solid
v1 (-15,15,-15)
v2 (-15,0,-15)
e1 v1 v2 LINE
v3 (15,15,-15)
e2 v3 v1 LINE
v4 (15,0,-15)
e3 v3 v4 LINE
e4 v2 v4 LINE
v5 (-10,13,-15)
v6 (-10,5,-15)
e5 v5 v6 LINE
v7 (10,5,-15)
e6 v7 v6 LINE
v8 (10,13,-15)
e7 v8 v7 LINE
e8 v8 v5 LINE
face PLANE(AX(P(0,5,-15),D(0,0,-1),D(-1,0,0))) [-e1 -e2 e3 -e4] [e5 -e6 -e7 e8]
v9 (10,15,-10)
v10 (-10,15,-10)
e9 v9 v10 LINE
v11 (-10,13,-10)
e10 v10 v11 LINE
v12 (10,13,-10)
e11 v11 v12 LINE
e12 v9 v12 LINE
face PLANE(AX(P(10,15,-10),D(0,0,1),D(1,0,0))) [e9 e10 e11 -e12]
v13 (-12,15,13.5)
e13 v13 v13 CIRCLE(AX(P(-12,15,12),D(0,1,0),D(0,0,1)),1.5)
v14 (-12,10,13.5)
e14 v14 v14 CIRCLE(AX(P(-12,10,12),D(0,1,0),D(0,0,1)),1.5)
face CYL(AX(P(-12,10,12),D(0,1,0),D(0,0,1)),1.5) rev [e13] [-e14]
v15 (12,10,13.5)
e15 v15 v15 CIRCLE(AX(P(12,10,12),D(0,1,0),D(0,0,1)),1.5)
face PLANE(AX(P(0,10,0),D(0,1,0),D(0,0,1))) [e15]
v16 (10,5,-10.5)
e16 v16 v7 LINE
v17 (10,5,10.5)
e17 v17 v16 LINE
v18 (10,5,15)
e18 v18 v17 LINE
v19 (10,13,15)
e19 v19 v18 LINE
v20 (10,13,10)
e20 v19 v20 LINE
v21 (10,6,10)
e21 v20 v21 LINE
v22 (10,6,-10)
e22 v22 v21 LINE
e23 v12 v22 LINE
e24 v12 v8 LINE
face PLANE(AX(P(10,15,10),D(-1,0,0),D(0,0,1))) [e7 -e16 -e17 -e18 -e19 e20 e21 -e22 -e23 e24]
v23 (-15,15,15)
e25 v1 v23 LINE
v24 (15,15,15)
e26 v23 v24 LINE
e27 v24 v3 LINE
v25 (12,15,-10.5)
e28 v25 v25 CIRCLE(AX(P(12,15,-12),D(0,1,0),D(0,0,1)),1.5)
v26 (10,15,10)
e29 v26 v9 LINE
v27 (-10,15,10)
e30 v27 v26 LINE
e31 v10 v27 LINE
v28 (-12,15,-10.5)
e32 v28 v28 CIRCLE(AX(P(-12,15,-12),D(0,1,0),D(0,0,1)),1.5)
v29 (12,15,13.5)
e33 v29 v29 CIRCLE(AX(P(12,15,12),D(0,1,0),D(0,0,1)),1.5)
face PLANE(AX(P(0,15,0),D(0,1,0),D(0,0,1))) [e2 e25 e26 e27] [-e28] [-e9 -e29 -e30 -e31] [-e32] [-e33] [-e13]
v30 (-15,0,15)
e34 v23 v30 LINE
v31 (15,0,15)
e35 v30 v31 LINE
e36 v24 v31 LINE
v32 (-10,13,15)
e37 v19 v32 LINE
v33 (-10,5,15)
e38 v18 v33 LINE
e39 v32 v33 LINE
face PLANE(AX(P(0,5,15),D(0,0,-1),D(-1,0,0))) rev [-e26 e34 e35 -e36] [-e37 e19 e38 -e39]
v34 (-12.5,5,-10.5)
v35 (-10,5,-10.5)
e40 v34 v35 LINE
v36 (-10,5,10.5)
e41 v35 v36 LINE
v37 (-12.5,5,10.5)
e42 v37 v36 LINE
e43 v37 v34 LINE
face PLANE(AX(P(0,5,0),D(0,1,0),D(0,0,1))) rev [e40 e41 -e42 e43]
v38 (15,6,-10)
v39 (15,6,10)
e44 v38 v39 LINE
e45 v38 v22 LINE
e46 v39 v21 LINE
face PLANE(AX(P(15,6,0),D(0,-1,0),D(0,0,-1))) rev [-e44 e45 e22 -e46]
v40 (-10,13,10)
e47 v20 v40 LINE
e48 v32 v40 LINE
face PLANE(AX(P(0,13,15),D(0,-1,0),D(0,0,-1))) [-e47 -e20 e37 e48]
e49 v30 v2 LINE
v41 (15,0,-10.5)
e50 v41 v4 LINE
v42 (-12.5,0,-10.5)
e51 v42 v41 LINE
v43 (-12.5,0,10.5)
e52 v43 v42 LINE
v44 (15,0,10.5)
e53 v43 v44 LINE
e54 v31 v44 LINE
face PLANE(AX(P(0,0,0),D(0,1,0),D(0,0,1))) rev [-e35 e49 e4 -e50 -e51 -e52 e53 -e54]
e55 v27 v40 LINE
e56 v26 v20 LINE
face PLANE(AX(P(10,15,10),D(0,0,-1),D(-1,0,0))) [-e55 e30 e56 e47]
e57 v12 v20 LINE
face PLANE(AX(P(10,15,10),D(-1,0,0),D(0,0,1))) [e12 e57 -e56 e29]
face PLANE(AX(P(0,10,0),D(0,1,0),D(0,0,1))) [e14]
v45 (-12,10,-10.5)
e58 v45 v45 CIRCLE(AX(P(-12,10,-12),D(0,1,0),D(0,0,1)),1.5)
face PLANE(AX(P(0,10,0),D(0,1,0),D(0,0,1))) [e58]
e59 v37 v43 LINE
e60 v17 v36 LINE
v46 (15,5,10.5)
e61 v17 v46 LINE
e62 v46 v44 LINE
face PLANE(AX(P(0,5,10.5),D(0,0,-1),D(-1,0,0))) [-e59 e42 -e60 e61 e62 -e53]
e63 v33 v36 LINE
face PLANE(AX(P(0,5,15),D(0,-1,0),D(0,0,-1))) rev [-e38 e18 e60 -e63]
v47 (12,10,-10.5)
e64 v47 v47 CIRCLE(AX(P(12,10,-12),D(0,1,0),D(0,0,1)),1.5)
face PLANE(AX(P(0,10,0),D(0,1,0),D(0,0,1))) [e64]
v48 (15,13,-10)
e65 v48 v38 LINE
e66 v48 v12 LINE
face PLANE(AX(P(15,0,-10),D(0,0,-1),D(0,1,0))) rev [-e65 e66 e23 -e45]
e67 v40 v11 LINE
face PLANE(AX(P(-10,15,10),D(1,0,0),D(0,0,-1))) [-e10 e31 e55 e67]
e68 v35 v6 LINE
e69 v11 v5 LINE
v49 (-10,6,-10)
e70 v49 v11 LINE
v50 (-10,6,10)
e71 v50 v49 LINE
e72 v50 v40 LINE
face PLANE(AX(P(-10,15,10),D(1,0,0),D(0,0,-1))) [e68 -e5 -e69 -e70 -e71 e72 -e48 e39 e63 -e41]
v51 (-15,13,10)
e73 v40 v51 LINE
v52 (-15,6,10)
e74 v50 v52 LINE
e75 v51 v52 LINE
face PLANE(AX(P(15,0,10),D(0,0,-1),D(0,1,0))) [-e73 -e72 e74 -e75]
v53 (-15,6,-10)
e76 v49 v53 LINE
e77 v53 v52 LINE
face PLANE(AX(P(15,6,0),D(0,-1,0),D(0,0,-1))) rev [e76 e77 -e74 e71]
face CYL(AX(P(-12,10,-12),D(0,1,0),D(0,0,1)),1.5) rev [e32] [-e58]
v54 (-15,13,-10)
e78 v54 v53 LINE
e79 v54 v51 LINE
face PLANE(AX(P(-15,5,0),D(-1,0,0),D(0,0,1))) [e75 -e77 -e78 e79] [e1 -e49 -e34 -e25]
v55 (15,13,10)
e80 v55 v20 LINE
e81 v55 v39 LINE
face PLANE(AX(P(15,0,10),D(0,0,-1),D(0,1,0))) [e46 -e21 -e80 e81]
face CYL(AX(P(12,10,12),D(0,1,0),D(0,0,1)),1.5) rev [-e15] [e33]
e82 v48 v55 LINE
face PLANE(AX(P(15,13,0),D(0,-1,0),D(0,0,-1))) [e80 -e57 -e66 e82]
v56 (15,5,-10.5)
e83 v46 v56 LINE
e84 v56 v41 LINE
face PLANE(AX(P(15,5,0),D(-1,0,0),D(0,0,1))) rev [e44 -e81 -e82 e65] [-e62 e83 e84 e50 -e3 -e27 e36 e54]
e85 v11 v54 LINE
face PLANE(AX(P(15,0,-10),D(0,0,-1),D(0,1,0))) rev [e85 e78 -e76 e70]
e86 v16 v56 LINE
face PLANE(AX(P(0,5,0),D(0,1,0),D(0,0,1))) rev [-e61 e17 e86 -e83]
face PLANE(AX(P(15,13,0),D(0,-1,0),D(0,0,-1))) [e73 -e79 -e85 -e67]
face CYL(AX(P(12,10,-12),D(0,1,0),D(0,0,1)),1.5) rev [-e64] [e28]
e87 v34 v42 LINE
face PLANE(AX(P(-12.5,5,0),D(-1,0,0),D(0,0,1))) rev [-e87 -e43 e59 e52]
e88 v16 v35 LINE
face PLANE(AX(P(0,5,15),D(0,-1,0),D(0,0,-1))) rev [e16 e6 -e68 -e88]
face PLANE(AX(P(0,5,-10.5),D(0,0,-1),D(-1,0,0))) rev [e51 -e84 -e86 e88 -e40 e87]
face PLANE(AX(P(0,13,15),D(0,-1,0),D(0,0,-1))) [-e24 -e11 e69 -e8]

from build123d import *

# Parameters (mm, degrees)
BOSS_EXTRUDE3_DEPTH     = 5
SKETCH2_W               = 30
SKETCH2_H               = 30
SKETCH2_W_2             = 20
SKETCH2_H_2             = 20
BOSS_EXTRUDE4_DEPTH     = 10
SKETCH3_R               = 1.5
CUT_EXTRUDE1_DEPTH      = 5
CUT_EXTRUDE2_DEPTH      = 37.742346142
CUT_EXTRUDE2_DEPTH_BACK = 37.742346142
SKETCH4_W               = 20
SKETCH4_H               = 8
CUT_EXTRUDE3_DEPTH      = 37.742346142
CUT_EXTRUDE3_DEPTH_BACK = 37.742346142
SKETCH5_W               = 20
SKETCH5_H               = 7


with BuildPart() as part:
    # Sketch1 → Boss-Extrude3 (new body)
    with BuildSketch(Plane(origin=(0, 0, 0), x_dir=(1, 0, 0), z_dir=(0, 1, 0))):
        Polygon((-15, 15), (-15, -15), (15, -15), (15, -10.5), (12.5, -10.5), (-12.5, -10.5), (-12.5, 10.5), (12.5, 10.5), (15, 10.5), (15, 15), align=None)
    extrude(amount=BOSS_EXTRUDE3_DEPTH)

    # Sketch2 → Boss-Extrude4 (add)
    with BuildSketch(Plane(origin=(0, 5, 0), x_dir=(1, 0, 0), z_dir=(0, 1, 0))):
        Rectangle(SKETCH2_W, SKETCH2_H)
        Rectangle(SKETCH2_W_2, SKETCH2_H_2, mode=Mode.SUBTRACT)
    extrude(amount=BOSS_EXTRUDE4_DEPTH)

    # Sketch3 → Cut-Extrude1 (cut)
    with BuildSketch(Plane(origin=(0, 15, 0), x_dir=(1, 0, 0), z_dir=(0, 1, 0))):
        with Locations((-12, 12)):
            Circle(SKETCH3_R)
        with Locations((12, 12)):
            Circle(SKETCH3_R)
        with Locations((12, -12)):
            Circle(SKETCH3_R)
        with Locations((-12, -12)):
            Circle(SKETCH3_R)
    extrude(amount=-CUT_EXTRUDE1_DEPTH, mode=Mode.SUBTRACT)

    # Sketch4 → Cut-Extrude2 (cut, two sides: drawn at the far end of the back side and taken through both)
    with BuildSketch(Plane(origin=(0, 0, -15), x_dir=(-1, 0, 0), z_dir=(0, 0, -1)).offset(-CUT_EXTRUDE2_DEPTH_BACK)):
        with Locations((0, 9)):
            Rectangle(SKETCH4_W, SKETCH4_H)
    extrude(amount=CUT_EXTRUDE2_DEPTH + CUT_EXTRUDE2_DEPTH_BACK, mode=Mode.SUBTRACT)

    # Sketch5 → Cut-Extrude3 (cut, two sides: drawn at the far end of the back side and taken through both)
    with BuildSketch(Plane.ZY.offset(15).offset(-CUT_EXTRUDE3_DEPTH_BACK)):
        with Locations((0, 9.5)):
            Rectangle(SKETCH5_W, SKETCH5_H)
    extrude(amount=CUT_EXTRUDE3_DEPTH + CUT_EXTRUDE3_DEPTH_BACK, mode=Mode.SUBTRACT)


solid = part.part
